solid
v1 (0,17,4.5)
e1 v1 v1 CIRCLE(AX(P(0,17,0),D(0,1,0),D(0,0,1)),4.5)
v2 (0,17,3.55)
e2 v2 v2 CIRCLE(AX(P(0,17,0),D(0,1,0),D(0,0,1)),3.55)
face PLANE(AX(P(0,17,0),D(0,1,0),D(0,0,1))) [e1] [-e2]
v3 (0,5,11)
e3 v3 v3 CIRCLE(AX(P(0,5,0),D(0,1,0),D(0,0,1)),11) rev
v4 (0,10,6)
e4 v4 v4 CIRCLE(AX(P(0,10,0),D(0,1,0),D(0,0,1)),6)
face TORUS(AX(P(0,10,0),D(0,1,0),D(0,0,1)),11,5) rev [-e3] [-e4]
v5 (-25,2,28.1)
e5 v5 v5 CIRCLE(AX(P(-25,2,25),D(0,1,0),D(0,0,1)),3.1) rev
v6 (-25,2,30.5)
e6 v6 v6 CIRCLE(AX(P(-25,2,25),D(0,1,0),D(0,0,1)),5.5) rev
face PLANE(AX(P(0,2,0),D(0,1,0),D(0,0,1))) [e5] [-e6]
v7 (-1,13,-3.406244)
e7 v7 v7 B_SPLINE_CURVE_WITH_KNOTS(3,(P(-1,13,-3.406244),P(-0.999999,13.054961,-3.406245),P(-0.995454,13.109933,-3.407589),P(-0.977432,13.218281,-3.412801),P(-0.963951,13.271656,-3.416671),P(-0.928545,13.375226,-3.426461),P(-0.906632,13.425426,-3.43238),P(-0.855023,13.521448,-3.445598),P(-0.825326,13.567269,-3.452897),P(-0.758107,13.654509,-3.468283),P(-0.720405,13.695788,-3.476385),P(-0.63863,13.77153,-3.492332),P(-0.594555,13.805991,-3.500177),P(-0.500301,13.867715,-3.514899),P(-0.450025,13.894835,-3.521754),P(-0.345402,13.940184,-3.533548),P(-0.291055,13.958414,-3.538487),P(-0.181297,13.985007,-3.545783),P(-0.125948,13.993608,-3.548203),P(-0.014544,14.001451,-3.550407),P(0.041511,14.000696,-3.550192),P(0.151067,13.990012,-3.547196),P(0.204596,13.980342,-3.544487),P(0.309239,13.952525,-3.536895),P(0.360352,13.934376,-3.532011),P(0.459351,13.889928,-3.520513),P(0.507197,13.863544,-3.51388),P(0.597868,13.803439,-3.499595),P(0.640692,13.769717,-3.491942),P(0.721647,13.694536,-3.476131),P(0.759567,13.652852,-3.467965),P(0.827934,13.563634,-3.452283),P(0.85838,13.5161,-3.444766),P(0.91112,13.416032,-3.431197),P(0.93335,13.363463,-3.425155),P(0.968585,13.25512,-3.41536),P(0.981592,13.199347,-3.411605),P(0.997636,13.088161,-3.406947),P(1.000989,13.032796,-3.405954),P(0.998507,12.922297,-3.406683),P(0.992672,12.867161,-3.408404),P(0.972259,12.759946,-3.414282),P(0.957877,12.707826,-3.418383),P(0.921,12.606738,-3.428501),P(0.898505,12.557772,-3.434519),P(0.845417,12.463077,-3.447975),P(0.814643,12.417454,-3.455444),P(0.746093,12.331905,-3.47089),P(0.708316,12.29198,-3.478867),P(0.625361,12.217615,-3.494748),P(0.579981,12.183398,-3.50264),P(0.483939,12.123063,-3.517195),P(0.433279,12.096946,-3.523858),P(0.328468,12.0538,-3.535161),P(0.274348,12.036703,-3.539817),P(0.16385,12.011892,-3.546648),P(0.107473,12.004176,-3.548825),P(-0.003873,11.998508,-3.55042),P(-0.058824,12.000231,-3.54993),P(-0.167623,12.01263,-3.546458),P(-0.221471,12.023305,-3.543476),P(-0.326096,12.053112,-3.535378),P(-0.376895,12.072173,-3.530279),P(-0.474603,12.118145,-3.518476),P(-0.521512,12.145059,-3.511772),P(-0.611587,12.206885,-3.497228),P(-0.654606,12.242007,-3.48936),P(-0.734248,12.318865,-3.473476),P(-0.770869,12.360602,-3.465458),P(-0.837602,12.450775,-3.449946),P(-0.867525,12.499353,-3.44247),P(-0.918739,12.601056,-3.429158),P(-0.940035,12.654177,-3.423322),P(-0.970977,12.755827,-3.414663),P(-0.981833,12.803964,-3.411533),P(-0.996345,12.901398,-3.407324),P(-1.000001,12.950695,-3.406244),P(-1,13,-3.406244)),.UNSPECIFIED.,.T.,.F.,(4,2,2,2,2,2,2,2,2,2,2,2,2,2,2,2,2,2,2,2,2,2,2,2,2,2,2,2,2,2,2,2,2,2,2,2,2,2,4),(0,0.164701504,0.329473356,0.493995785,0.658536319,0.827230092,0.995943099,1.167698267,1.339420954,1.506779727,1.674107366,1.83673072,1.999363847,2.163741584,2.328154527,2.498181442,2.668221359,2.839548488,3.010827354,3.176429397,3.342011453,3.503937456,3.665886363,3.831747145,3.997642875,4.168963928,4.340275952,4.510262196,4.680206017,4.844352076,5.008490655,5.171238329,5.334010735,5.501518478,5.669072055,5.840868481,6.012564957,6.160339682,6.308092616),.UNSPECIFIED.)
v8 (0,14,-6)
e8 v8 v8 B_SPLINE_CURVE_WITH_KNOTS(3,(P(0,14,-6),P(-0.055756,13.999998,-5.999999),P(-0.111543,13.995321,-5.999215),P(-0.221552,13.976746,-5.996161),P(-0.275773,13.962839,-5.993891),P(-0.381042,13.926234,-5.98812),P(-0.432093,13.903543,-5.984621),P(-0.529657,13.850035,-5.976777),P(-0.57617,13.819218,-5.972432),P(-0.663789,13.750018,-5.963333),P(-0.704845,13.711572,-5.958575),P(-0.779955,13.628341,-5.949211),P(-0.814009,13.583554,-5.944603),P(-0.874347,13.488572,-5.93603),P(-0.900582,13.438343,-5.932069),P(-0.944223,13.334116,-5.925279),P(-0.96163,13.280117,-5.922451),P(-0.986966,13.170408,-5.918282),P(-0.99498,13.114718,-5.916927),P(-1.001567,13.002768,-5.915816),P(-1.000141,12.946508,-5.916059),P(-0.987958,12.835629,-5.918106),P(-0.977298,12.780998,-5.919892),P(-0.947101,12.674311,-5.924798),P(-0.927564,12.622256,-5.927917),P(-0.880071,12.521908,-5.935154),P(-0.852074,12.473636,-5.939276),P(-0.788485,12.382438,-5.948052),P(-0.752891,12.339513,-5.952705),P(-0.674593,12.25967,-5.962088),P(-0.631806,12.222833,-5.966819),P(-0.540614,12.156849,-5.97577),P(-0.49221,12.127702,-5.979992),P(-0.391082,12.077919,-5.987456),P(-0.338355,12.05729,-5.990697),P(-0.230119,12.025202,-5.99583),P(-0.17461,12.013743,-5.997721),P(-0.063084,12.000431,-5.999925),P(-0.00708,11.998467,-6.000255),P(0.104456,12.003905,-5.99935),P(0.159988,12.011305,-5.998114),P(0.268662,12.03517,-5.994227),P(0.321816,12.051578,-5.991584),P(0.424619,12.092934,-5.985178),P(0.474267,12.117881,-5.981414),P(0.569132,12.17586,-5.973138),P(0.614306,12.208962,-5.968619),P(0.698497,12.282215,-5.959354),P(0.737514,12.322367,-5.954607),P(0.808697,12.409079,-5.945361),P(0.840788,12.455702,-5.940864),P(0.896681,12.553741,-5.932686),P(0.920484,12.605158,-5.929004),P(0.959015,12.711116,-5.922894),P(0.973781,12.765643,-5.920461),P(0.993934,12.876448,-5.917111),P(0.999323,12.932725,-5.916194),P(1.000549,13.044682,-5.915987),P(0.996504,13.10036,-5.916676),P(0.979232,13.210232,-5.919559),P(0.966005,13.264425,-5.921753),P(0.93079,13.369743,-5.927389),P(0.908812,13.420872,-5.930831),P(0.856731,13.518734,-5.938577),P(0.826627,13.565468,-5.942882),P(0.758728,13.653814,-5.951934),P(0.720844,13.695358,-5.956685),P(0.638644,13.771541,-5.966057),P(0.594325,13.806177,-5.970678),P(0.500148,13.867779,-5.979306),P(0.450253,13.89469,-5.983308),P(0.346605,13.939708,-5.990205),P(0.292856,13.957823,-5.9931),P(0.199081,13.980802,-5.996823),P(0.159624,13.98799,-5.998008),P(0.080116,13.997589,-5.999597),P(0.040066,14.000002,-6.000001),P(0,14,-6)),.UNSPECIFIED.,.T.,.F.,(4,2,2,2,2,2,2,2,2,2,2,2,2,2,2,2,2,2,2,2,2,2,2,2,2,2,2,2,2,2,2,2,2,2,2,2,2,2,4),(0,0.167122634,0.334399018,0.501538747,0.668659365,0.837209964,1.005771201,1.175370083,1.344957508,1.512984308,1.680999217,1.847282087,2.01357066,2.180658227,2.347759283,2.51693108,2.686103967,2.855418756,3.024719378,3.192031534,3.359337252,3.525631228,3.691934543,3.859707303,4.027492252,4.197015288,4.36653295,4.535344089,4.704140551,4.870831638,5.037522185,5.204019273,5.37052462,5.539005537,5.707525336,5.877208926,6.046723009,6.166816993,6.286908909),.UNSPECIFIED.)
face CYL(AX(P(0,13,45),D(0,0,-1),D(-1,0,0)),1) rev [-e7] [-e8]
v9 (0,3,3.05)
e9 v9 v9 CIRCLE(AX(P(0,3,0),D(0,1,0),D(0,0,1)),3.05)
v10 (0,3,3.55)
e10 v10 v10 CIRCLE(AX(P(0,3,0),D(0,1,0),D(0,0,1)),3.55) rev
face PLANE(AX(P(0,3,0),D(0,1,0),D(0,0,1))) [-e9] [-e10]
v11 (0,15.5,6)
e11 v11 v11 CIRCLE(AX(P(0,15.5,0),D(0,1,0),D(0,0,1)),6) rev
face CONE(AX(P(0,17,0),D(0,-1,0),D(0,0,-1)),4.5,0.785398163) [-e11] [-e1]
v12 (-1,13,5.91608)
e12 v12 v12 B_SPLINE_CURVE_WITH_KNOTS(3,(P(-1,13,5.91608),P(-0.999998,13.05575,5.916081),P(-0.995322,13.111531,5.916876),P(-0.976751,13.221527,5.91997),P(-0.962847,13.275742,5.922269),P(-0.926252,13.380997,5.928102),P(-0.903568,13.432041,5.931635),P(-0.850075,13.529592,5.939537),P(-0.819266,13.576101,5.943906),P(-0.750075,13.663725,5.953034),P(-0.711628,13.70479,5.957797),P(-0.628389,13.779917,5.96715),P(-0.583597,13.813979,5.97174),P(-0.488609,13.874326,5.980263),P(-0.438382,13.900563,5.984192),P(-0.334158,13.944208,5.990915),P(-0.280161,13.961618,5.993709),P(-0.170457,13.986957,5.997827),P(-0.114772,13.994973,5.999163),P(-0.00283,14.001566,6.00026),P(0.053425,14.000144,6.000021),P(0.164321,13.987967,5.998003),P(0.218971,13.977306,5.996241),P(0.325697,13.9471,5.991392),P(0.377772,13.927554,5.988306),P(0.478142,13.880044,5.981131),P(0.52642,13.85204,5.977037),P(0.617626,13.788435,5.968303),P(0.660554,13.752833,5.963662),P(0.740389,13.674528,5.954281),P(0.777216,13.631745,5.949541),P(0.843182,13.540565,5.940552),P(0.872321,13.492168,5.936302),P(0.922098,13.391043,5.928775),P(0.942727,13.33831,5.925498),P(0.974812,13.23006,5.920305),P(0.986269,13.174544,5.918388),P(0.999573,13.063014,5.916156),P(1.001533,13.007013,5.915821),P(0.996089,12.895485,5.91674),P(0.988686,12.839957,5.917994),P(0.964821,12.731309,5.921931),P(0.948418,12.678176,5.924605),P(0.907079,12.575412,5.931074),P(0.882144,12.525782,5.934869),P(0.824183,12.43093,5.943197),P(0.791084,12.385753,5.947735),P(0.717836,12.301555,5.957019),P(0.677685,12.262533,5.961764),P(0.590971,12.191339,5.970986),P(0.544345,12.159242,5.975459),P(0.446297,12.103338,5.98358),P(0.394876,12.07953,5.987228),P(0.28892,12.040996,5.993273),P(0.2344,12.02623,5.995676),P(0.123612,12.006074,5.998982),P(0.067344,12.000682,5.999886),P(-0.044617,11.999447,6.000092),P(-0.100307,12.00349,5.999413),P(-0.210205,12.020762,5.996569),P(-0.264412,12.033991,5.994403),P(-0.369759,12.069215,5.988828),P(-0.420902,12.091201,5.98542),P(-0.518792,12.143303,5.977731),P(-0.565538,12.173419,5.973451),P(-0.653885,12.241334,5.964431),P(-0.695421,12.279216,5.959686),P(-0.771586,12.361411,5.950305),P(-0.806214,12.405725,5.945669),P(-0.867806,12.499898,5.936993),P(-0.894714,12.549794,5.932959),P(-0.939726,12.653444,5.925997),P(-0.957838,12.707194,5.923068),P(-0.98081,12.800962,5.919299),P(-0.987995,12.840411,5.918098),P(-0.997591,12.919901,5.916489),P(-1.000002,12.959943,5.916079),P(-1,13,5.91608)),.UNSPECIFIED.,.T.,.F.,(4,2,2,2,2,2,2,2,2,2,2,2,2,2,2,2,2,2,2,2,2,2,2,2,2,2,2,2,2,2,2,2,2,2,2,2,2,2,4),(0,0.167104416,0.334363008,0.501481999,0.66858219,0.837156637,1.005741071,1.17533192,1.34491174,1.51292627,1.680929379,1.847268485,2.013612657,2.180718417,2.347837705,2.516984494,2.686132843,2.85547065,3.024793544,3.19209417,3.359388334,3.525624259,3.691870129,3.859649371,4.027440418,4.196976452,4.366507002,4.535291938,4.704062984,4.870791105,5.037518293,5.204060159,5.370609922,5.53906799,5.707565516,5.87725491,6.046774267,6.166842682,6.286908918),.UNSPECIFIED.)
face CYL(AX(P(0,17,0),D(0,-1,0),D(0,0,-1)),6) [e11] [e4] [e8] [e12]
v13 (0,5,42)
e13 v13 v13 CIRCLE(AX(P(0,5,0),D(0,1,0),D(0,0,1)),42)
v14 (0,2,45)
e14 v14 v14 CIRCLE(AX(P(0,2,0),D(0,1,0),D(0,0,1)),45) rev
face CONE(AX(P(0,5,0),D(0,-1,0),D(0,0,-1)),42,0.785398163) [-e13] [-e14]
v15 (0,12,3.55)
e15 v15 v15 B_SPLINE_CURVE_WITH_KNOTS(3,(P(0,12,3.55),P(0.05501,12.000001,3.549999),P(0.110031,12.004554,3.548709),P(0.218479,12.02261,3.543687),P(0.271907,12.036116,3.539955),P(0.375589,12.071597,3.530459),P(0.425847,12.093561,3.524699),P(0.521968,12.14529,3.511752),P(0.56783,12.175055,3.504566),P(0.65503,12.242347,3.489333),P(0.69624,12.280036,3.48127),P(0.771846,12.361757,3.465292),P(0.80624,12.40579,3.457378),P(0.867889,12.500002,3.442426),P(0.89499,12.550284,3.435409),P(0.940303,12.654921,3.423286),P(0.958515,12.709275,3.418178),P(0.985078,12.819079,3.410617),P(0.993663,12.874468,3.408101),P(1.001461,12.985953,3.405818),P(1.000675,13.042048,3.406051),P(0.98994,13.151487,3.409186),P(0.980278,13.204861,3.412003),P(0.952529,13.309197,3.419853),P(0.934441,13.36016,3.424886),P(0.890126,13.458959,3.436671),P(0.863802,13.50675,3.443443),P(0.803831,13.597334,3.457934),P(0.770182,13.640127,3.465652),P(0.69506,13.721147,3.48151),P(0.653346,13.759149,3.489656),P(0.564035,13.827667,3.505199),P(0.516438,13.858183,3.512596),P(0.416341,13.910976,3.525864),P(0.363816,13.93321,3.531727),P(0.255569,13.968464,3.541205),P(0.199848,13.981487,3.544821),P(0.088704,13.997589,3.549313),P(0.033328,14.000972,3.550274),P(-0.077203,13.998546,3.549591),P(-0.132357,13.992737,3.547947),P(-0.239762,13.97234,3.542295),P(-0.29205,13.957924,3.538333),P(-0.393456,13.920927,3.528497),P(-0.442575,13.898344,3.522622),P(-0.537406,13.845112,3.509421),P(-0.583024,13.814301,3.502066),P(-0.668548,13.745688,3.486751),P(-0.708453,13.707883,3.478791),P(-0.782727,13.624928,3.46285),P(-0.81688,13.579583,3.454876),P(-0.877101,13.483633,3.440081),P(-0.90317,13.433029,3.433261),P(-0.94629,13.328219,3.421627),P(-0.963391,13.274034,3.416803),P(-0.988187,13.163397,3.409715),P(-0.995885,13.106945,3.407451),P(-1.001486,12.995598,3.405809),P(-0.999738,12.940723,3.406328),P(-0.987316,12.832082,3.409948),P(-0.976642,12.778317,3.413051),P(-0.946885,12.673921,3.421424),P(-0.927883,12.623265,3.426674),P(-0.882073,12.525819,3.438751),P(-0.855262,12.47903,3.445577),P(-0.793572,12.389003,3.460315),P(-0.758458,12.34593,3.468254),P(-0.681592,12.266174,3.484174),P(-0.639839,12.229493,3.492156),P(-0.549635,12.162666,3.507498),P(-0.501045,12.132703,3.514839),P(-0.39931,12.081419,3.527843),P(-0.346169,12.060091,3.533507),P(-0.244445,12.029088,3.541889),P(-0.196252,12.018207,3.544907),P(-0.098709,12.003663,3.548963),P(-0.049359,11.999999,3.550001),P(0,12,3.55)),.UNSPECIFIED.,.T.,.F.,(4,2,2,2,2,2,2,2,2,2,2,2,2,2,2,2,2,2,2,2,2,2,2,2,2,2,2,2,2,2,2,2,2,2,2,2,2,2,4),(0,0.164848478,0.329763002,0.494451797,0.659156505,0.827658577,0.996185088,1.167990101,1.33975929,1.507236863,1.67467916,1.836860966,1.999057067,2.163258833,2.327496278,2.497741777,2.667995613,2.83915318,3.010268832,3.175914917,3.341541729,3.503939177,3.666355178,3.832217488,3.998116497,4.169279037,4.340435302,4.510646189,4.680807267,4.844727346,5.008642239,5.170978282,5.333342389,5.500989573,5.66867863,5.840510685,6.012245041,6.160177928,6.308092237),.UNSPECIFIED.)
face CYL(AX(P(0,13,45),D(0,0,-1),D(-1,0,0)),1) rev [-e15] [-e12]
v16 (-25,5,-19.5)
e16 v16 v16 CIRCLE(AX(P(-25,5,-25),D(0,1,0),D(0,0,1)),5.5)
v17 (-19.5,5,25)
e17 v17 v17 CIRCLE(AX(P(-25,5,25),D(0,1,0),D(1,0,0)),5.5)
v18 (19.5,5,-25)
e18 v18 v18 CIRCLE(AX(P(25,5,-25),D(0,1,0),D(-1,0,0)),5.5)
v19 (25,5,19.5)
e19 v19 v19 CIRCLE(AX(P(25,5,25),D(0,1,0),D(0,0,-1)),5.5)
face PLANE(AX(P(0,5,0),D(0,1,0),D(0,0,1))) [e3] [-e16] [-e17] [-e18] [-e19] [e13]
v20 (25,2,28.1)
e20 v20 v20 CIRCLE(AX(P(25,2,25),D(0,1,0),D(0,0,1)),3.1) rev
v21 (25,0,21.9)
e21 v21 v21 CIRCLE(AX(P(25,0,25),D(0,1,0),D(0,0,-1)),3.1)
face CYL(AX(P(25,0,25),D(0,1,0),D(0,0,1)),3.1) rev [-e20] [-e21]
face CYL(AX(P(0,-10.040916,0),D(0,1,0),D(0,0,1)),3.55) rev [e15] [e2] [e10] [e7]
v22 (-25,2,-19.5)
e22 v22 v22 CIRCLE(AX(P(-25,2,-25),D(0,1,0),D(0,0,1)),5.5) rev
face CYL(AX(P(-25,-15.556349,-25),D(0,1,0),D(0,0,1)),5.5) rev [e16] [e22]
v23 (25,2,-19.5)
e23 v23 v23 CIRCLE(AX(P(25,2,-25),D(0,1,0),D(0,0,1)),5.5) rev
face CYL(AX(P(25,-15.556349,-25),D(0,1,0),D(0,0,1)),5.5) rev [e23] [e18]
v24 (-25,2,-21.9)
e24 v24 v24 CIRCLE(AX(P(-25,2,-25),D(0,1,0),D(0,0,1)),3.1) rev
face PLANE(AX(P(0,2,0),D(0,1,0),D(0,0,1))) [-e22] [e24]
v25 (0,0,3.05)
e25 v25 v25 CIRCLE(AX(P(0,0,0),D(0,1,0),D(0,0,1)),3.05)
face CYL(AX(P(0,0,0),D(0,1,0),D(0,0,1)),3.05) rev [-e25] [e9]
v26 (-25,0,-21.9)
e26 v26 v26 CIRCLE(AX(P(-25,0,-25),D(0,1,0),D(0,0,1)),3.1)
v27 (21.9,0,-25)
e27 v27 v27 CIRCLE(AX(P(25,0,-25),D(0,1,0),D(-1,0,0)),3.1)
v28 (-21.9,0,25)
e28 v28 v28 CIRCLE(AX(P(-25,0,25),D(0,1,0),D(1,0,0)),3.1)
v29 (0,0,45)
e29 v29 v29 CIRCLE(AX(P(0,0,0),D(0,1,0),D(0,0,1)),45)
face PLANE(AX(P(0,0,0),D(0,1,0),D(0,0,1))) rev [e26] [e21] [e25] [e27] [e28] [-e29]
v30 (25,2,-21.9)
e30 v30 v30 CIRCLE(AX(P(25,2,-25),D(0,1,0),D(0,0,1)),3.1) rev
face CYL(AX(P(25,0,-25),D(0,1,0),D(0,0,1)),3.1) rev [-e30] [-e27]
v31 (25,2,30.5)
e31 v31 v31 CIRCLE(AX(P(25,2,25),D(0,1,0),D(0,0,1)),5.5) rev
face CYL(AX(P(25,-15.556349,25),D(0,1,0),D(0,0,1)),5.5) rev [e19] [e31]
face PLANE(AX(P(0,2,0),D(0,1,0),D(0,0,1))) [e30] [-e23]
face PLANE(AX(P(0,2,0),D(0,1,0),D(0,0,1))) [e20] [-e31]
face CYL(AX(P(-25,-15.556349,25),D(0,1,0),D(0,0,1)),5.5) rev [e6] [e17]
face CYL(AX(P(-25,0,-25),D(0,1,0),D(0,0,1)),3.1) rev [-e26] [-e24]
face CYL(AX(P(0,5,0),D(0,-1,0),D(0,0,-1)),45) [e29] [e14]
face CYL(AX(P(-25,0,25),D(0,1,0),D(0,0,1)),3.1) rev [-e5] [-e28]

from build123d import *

# Parameters (mm, degrees)
SKETCH1_R               = 45
BOSS_EXTRUDE1_DEPTH     = 5
SKETCH2_R               = 3.1
CUT_EXTRUDE1_DEPTH      = 64.835726674
SKETCH8_R               = 5.5
CUT_EXTRUDE6_DEPTH      = 3
CIRPATTERN1_COUNT       = 4
SKETCH3_R               = 6
BOSS_EXTRUDE2_DEPTH     = 12
SKETCH4_R               = 3.55
CUT_EXTRUDE2_DEPTH      = 14
SKETCH5_R               = 3.05
CUT_EXTRUDE3_DEPTH      = 66.161338231
FILLET1_R               = 5
CUT_EXTRUDE5_DEPTH      = 66.871086221
CUT_EXTRUDE5_DEPTH_BACK = 66.871086221
SKETCH7_R               = 1
CHAMFER1_SIZE           = 3
CHAMFER2_SIZE           = 1.5


with BuildPart() as part:
    # Sketch1 → Boss-Extrude1 (new body)
    with BuildSketch(Plane(origin=(0, 0, 0), x_dir=(1, 0, 0), z_dir=(0, 1, 0))):
        with Locations(Location((0, 0, 0), (0, 0, 270))):
            Circle(SKETCH1_R)
    extrude(amount=BOSS_EXTRUDE1_DEPTH)

    # Sketch2 → Cut-Extrude1 (cut, through all)
    with BuildSketch(Plane(origin=(0, 5, 0), x_dir=(1, 0, 0), z_dir=(0, 1, 0))):
        with Locations(Location((-25, 25, 0), (0, 0, 270))):
            Circle(SKETCH2_R)
    cut_extrude1 = extrude(amount=-CUT_EXTRUDE1_DEPTH, mode=Mode.SUBTRACT)

    # Sketch8 → Cut-Extrude6 (cut)
    with BuildSketch(Plane(origin=(0, 5, 0), x_dir=(1, 0, 0), z_dir=(0, 1, 0))):
        with Locations(Location((-25, 25, 0), (0, 0, 270))):
            Circle(SKETCH8_R)
    cut_extrude6 = extrude(amount=-CUT_EXTRUDE6_DEPTH, mode=Mode.SUBTRACT)

    # CirPattern1: Cut-Extrude1, Cut-Extrude6 ×4 about axis
    cirpattern1_axis = Axis((0, 0, 0), (0, 1, 0))
    add([cut_extrude1.rotate(cirpattern1_axis, i * 360 / CIRPATTERN1_COUNT) for i in range(1, CIRPATTERN1_COUNT)], mode=Mode.SUBTRACT)
    add([cut_extrude6.rotate(cirpattern1_axis, i * 360 / CIRPATTERN1_COUNT) for i in range(1, CIRPATTERN1_COUNT)], mode=Mode.SUBTRACT)

    # Sketch3 → Boss-Extrude2 (add)
    with BuildSketch(Plane(origin=(0, 5, 0), x_dir=(1, 0, 0), z_dir=(0, 1, 0))):
        with Locations(Location((0, 0, 0), (0, 0, 270))):
            Circle(SKETCH3_R)
    extrude(amount=BOSS_EXTRUDE2_DEPTH)

    # Sketch4 → Cut-Extrude2 (cut)
    with BuildSketch(Plane(origin=(0, 17, 0), x_dir=(1, 0, 0), z_dir=(0, 1, 0))):
        with Locations(Location((0, 0, 0), (0, 0, 270))):
            Circle(SKETCH4_R)
    extrude(amount=-CUT_EXTRUDE2_DEPTH, mode=Mode.SUBTRACT)

    # Sketch5 → Cut-Extrude3 (cut, through all)
    with BuildSketch(Plane(origin=(0, 3, 0), x_dir=(1, 0, 0), z_dir=(0, 1, 0))):
        with Locations(Location((0, 0, 0), (0, 0, 270))):
            Circle(SKETCH5_R)
    extrude(amount=-CUT_EXTRUDE3_DEPTH, mode=Mode.SUBTRACT)

    # Fillet1
    fillet1_edges = [part.edges().sort_by_distance(p)[0] for p in [
        (0, 5, -6),
    ]]
    fillet(fillet1_edges, radius=FILLET1_R)

    # Sketch7 → Cut-Extrude5 (cut, two sides: drawn at the far end of the back side and taken through both)
    with BuildSketch(Plane(origin=(0, 0, 0), x_dir=(-1, 0, 0), z_dir=(0, 0, -1)).offset(-CUT_EXTRUDE5_DEPTH_BACK)):
        with Locations((0, 13)):
            Circle(SKETCH7_R)
    extrude(amount=CUT_EXTRUDE5_DEPTH + CUT_EXTRUDE5_DEPTH_BACK, mode=Mode.SUBTRACT)

    # Chamfer1
    chamfer1_edges = [part.edges().sort_by_distance(p)[0] for p in [
        (0, 5, -45),
    ]]
    chamfer(chamfer1_edges, length=CHAMFER1_SIZE)

    # Chamfer2
    chamfer2_edges = [part.edges().sort_by_distance(p)[0] for p in [
        (0, 17, -6),
    ]]
    chamfer(chamfer2_edges, length=CHAMFER2_SIZE)


solid = part.part
